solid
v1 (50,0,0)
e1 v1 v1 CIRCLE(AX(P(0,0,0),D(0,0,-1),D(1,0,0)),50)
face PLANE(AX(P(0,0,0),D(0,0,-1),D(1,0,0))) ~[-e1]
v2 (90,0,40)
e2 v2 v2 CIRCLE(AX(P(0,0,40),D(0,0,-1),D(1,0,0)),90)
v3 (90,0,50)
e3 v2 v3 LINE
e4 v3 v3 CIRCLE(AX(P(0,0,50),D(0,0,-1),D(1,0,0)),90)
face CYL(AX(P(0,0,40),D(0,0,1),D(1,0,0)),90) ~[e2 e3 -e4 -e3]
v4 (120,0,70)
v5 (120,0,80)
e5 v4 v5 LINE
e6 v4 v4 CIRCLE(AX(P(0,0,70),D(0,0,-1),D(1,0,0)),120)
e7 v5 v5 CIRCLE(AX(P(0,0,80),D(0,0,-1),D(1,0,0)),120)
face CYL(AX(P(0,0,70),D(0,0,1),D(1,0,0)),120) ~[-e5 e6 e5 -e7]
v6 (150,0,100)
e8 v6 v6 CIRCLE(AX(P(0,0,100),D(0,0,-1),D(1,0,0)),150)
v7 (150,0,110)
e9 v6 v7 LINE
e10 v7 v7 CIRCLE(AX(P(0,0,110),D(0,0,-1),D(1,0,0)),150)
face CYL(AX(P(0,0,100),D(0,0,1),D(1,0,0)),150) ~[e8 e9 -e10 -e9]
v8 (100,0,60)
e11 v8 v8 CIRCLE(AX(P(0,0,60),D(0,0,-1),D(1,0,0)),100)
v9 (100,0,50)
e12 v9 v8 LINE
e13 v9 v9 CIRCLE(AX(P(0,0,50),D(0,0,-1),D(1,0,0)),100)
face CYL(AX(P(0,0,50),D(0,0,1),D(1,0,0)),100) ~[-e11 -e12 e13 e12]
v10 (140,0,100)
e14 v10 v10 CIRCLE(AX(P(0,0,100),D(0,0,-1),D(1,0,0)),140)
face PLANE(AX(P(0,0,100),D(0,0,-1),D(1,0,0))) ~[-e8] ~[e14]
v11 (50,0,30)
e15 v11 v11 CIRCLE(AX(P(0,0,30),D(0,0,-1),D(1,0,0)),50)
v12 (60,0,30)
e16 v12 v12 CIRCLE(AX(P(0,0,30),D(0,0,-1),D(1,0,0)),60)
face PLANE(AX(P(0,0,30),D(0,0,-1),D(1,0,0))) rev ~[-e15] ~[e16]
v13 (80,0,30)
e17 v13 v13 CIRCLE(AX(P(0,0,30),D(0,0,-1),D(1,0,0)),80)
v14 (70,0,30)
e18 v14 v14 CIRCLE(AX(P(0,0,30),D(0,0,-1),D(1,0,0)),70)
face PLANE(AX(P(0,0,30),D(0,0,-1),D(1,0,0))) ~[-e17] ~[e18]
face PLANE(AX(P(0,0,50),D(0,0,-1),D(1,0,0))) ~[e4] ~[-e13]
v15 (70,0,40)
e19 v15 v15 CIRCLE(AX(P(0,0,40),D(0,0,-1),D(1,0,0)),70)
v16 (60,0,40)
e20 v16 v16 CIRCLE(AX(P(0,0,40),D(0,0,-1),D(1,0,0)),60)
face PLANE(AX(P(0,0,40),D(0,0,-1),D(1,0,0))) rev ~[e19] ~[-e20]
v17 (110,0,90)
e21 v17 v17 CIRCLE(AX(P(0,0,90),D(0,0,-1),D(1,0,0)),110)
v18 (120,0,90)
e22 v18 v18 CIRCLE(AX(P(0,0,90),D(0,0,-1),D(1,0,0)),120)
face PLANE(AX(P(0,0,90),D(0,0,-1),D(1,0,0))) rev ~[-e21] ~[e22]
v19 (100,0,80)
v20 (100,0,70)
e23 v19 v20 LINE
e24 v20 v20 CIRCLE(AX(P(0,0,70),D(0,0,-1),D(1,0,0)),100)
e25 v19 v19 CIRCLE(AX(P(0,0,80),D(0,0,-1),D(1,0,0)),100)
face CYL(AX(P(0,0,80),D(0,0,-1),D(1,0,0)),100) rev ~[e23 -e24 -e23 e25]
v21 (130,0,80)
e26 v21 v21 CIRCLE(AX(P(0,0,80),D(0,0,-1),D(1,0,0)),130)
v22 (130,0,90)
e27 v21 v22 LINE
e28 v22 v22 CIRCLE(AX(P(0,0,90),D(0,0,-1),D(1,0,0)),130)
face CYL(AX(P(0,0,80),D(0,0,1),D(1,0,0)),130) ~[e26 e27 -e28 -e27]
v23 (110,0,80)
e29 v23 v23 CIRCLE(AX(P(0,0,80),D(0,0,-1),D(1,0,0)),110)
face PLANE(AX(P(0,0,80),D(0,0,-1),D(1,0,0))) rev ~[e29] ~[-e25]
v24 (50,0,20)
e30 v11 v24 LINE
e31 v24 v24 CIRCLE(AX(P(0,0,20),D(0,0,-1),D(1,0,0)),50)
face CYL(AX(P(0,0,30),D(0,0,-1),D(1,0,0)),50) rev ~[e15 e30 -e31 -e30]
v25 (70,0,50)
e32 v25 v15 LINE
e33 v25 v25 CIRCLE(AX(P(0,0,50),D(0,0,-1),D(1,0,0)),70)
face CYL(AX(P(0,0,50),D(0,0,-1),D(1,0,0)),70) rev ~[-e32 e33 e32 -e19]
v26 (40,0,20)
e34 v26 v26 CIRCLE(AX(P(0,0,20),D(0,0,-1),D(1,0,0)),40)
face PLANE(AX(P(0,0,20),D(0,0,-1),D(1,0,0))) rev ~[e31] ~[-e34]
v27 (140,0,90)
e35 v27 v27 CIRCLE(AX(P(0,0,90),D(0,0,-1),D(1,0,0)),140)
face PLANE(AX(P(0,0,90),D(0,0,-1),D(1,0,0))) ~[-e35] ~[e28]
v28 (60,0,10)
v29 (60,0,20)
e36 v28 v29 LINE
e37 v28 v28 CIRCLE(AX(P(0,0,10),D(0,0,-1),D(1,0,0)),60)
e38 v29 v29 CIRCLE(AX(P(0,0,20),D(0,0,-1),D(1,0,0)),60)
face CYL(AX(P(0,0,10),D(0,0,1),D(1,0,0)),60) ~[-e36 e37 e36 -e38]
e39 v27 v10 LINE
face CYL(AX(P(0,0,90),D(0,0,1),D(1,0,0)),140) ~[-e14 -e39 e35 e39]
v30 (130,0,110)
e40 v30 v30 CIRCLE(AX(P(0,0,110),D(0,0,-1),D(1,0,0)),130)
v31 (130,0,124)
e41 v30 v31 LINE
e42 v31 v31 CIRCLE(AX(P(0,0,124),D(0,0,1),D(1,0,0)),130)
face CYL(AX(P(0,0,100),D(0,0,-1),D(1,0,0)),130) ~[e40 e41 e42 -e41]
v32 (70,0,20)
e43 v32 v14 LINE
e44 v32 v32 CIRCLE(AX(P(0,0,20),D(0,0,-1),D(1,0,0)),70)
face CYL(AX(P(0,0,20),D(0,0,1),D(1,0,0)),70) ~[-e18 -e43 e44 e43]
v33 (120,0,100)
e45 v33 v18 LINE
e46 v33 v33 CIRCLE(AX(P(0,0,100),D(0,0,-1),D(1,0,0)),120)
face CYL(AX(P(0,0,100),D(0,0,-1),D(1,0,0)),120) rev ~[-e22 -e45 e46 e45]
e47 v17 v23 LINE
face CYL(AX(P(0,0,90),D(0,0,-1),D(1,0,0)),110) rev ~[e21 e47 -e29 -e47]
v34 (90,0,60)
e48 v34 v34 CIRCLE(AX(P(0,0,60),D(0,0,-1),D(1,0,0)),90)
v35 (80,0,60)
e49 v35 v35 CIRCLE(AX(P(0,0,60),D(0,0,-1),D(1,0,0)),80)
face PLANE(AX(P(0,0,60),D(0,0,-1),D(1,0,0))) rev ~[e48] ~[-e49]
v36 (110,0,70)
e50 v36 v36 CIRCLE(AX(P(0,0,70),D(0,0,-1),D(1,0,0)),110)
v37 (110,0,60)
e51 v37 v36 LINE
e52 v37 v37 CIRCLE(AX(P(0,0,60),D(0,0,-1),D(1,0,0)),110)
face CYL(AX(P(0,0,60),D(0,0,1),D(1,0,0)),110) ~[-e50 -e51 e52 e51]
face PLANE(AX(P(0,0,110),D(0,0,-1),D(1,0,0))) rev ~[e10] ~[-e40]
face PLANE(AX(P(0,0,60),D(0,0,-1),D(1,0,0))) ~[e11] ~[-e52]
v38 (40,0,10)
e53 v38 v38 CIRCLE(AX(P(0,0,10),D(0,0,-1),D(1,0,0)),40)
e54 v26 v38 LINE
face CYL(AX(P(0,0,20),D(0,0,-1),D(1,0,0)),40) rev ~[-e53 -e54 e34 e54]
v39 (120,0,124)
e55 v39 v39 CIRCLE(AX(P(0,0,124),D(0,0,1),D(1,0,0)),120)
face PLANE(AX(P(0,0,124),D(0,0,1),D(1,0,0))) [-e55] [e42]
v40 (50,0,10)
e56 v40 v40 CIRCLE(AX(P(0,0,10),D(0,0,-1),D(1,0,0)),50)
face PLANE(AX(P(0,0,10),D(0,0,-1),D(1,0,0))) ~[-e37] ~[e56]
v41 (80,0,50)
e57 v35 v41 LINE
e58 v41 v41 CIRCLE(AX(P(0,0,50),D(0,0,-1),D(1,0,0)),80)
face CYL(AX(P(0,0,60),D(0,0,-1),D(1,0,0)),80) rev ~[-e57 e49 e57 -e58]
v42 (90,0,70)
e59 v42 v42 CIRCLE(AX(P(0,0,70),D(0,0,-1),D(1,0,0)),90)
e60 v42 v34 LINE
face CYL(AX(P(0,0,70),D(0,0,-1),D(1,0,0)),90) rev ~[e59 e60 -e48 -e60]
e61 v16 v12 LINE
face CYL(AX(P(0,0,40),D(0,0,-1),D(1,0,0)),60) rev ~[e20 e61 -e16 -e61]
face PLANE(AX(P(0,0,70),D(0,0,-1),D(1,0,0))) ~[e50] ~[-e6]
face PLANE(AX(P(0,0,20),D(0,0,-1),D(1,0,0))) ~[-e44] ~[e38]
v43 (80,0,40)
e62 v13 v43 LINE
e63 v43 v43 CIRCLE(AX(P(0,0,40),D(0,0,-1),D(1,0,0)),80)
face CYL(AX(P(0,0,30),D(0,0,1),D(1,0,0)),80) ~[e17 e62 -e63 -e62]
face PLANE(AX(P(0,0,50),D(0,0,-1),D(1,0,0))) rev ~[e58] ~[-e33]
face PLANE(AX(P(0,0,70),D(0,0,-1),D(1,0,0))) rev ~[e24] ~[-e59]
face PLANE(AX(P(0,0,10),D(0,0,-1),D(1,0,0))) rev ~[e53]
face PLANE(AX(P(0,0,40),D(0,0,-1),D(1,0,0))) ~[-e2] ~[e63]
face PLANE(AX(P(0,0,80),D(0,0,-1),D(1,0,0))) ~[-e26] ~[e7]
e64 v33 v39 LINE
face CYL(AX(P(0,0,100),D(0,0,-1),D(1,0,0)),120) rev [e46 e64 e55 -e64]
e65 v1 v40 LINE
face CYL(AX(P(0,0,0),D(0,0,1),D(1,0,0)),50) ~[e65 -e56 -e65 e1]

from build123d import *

# Parameters (mm, degrees)
F2_R     = 130
F2_R_2   = 120
F3_DEPTH = 24


with BuildPart() as f1:
    # F0 (on Front) → F1 (revolve)
    with BuildSketch(Plane.XZ):
        Polygon((0, 10), (0, 0), (50, 0), (50, 10), (60, 10), (60, 20), (70, 20), (70, 30), (80, 30), (80, 40), (90, 40), (90, 50), (100, 50), (100, 60), (110, 60), (110, 70), (120, 70), (120, 80), (130, 80), (130, 90), (140, 90), (140, 100), (150, 100), (150, 110), (130, 110), (130, 100), (120, 100), (120, 90), (110, 90), (110, 80), (100, 80), (100, 70), (90, 70), (90, 60), (80, 60), (80, 50), (70, 50), (70, 40), (60, 40), (60, 30), (50, 30), (50, 20), (40, 20), (40, 10), align=None)
    revolve(axis=Axis((0, 0, 5), (0, 0, -1)))

    # F2 (on face) → F3 (join)
    with BuildSketch(Plane.XY.offset(100)):
        Circle(F2_R)
        Circle(F2_R_2, mode=Mode.SUBTRACT)
    extrude(amount=F3_DEPTH)


solid = f1.part
